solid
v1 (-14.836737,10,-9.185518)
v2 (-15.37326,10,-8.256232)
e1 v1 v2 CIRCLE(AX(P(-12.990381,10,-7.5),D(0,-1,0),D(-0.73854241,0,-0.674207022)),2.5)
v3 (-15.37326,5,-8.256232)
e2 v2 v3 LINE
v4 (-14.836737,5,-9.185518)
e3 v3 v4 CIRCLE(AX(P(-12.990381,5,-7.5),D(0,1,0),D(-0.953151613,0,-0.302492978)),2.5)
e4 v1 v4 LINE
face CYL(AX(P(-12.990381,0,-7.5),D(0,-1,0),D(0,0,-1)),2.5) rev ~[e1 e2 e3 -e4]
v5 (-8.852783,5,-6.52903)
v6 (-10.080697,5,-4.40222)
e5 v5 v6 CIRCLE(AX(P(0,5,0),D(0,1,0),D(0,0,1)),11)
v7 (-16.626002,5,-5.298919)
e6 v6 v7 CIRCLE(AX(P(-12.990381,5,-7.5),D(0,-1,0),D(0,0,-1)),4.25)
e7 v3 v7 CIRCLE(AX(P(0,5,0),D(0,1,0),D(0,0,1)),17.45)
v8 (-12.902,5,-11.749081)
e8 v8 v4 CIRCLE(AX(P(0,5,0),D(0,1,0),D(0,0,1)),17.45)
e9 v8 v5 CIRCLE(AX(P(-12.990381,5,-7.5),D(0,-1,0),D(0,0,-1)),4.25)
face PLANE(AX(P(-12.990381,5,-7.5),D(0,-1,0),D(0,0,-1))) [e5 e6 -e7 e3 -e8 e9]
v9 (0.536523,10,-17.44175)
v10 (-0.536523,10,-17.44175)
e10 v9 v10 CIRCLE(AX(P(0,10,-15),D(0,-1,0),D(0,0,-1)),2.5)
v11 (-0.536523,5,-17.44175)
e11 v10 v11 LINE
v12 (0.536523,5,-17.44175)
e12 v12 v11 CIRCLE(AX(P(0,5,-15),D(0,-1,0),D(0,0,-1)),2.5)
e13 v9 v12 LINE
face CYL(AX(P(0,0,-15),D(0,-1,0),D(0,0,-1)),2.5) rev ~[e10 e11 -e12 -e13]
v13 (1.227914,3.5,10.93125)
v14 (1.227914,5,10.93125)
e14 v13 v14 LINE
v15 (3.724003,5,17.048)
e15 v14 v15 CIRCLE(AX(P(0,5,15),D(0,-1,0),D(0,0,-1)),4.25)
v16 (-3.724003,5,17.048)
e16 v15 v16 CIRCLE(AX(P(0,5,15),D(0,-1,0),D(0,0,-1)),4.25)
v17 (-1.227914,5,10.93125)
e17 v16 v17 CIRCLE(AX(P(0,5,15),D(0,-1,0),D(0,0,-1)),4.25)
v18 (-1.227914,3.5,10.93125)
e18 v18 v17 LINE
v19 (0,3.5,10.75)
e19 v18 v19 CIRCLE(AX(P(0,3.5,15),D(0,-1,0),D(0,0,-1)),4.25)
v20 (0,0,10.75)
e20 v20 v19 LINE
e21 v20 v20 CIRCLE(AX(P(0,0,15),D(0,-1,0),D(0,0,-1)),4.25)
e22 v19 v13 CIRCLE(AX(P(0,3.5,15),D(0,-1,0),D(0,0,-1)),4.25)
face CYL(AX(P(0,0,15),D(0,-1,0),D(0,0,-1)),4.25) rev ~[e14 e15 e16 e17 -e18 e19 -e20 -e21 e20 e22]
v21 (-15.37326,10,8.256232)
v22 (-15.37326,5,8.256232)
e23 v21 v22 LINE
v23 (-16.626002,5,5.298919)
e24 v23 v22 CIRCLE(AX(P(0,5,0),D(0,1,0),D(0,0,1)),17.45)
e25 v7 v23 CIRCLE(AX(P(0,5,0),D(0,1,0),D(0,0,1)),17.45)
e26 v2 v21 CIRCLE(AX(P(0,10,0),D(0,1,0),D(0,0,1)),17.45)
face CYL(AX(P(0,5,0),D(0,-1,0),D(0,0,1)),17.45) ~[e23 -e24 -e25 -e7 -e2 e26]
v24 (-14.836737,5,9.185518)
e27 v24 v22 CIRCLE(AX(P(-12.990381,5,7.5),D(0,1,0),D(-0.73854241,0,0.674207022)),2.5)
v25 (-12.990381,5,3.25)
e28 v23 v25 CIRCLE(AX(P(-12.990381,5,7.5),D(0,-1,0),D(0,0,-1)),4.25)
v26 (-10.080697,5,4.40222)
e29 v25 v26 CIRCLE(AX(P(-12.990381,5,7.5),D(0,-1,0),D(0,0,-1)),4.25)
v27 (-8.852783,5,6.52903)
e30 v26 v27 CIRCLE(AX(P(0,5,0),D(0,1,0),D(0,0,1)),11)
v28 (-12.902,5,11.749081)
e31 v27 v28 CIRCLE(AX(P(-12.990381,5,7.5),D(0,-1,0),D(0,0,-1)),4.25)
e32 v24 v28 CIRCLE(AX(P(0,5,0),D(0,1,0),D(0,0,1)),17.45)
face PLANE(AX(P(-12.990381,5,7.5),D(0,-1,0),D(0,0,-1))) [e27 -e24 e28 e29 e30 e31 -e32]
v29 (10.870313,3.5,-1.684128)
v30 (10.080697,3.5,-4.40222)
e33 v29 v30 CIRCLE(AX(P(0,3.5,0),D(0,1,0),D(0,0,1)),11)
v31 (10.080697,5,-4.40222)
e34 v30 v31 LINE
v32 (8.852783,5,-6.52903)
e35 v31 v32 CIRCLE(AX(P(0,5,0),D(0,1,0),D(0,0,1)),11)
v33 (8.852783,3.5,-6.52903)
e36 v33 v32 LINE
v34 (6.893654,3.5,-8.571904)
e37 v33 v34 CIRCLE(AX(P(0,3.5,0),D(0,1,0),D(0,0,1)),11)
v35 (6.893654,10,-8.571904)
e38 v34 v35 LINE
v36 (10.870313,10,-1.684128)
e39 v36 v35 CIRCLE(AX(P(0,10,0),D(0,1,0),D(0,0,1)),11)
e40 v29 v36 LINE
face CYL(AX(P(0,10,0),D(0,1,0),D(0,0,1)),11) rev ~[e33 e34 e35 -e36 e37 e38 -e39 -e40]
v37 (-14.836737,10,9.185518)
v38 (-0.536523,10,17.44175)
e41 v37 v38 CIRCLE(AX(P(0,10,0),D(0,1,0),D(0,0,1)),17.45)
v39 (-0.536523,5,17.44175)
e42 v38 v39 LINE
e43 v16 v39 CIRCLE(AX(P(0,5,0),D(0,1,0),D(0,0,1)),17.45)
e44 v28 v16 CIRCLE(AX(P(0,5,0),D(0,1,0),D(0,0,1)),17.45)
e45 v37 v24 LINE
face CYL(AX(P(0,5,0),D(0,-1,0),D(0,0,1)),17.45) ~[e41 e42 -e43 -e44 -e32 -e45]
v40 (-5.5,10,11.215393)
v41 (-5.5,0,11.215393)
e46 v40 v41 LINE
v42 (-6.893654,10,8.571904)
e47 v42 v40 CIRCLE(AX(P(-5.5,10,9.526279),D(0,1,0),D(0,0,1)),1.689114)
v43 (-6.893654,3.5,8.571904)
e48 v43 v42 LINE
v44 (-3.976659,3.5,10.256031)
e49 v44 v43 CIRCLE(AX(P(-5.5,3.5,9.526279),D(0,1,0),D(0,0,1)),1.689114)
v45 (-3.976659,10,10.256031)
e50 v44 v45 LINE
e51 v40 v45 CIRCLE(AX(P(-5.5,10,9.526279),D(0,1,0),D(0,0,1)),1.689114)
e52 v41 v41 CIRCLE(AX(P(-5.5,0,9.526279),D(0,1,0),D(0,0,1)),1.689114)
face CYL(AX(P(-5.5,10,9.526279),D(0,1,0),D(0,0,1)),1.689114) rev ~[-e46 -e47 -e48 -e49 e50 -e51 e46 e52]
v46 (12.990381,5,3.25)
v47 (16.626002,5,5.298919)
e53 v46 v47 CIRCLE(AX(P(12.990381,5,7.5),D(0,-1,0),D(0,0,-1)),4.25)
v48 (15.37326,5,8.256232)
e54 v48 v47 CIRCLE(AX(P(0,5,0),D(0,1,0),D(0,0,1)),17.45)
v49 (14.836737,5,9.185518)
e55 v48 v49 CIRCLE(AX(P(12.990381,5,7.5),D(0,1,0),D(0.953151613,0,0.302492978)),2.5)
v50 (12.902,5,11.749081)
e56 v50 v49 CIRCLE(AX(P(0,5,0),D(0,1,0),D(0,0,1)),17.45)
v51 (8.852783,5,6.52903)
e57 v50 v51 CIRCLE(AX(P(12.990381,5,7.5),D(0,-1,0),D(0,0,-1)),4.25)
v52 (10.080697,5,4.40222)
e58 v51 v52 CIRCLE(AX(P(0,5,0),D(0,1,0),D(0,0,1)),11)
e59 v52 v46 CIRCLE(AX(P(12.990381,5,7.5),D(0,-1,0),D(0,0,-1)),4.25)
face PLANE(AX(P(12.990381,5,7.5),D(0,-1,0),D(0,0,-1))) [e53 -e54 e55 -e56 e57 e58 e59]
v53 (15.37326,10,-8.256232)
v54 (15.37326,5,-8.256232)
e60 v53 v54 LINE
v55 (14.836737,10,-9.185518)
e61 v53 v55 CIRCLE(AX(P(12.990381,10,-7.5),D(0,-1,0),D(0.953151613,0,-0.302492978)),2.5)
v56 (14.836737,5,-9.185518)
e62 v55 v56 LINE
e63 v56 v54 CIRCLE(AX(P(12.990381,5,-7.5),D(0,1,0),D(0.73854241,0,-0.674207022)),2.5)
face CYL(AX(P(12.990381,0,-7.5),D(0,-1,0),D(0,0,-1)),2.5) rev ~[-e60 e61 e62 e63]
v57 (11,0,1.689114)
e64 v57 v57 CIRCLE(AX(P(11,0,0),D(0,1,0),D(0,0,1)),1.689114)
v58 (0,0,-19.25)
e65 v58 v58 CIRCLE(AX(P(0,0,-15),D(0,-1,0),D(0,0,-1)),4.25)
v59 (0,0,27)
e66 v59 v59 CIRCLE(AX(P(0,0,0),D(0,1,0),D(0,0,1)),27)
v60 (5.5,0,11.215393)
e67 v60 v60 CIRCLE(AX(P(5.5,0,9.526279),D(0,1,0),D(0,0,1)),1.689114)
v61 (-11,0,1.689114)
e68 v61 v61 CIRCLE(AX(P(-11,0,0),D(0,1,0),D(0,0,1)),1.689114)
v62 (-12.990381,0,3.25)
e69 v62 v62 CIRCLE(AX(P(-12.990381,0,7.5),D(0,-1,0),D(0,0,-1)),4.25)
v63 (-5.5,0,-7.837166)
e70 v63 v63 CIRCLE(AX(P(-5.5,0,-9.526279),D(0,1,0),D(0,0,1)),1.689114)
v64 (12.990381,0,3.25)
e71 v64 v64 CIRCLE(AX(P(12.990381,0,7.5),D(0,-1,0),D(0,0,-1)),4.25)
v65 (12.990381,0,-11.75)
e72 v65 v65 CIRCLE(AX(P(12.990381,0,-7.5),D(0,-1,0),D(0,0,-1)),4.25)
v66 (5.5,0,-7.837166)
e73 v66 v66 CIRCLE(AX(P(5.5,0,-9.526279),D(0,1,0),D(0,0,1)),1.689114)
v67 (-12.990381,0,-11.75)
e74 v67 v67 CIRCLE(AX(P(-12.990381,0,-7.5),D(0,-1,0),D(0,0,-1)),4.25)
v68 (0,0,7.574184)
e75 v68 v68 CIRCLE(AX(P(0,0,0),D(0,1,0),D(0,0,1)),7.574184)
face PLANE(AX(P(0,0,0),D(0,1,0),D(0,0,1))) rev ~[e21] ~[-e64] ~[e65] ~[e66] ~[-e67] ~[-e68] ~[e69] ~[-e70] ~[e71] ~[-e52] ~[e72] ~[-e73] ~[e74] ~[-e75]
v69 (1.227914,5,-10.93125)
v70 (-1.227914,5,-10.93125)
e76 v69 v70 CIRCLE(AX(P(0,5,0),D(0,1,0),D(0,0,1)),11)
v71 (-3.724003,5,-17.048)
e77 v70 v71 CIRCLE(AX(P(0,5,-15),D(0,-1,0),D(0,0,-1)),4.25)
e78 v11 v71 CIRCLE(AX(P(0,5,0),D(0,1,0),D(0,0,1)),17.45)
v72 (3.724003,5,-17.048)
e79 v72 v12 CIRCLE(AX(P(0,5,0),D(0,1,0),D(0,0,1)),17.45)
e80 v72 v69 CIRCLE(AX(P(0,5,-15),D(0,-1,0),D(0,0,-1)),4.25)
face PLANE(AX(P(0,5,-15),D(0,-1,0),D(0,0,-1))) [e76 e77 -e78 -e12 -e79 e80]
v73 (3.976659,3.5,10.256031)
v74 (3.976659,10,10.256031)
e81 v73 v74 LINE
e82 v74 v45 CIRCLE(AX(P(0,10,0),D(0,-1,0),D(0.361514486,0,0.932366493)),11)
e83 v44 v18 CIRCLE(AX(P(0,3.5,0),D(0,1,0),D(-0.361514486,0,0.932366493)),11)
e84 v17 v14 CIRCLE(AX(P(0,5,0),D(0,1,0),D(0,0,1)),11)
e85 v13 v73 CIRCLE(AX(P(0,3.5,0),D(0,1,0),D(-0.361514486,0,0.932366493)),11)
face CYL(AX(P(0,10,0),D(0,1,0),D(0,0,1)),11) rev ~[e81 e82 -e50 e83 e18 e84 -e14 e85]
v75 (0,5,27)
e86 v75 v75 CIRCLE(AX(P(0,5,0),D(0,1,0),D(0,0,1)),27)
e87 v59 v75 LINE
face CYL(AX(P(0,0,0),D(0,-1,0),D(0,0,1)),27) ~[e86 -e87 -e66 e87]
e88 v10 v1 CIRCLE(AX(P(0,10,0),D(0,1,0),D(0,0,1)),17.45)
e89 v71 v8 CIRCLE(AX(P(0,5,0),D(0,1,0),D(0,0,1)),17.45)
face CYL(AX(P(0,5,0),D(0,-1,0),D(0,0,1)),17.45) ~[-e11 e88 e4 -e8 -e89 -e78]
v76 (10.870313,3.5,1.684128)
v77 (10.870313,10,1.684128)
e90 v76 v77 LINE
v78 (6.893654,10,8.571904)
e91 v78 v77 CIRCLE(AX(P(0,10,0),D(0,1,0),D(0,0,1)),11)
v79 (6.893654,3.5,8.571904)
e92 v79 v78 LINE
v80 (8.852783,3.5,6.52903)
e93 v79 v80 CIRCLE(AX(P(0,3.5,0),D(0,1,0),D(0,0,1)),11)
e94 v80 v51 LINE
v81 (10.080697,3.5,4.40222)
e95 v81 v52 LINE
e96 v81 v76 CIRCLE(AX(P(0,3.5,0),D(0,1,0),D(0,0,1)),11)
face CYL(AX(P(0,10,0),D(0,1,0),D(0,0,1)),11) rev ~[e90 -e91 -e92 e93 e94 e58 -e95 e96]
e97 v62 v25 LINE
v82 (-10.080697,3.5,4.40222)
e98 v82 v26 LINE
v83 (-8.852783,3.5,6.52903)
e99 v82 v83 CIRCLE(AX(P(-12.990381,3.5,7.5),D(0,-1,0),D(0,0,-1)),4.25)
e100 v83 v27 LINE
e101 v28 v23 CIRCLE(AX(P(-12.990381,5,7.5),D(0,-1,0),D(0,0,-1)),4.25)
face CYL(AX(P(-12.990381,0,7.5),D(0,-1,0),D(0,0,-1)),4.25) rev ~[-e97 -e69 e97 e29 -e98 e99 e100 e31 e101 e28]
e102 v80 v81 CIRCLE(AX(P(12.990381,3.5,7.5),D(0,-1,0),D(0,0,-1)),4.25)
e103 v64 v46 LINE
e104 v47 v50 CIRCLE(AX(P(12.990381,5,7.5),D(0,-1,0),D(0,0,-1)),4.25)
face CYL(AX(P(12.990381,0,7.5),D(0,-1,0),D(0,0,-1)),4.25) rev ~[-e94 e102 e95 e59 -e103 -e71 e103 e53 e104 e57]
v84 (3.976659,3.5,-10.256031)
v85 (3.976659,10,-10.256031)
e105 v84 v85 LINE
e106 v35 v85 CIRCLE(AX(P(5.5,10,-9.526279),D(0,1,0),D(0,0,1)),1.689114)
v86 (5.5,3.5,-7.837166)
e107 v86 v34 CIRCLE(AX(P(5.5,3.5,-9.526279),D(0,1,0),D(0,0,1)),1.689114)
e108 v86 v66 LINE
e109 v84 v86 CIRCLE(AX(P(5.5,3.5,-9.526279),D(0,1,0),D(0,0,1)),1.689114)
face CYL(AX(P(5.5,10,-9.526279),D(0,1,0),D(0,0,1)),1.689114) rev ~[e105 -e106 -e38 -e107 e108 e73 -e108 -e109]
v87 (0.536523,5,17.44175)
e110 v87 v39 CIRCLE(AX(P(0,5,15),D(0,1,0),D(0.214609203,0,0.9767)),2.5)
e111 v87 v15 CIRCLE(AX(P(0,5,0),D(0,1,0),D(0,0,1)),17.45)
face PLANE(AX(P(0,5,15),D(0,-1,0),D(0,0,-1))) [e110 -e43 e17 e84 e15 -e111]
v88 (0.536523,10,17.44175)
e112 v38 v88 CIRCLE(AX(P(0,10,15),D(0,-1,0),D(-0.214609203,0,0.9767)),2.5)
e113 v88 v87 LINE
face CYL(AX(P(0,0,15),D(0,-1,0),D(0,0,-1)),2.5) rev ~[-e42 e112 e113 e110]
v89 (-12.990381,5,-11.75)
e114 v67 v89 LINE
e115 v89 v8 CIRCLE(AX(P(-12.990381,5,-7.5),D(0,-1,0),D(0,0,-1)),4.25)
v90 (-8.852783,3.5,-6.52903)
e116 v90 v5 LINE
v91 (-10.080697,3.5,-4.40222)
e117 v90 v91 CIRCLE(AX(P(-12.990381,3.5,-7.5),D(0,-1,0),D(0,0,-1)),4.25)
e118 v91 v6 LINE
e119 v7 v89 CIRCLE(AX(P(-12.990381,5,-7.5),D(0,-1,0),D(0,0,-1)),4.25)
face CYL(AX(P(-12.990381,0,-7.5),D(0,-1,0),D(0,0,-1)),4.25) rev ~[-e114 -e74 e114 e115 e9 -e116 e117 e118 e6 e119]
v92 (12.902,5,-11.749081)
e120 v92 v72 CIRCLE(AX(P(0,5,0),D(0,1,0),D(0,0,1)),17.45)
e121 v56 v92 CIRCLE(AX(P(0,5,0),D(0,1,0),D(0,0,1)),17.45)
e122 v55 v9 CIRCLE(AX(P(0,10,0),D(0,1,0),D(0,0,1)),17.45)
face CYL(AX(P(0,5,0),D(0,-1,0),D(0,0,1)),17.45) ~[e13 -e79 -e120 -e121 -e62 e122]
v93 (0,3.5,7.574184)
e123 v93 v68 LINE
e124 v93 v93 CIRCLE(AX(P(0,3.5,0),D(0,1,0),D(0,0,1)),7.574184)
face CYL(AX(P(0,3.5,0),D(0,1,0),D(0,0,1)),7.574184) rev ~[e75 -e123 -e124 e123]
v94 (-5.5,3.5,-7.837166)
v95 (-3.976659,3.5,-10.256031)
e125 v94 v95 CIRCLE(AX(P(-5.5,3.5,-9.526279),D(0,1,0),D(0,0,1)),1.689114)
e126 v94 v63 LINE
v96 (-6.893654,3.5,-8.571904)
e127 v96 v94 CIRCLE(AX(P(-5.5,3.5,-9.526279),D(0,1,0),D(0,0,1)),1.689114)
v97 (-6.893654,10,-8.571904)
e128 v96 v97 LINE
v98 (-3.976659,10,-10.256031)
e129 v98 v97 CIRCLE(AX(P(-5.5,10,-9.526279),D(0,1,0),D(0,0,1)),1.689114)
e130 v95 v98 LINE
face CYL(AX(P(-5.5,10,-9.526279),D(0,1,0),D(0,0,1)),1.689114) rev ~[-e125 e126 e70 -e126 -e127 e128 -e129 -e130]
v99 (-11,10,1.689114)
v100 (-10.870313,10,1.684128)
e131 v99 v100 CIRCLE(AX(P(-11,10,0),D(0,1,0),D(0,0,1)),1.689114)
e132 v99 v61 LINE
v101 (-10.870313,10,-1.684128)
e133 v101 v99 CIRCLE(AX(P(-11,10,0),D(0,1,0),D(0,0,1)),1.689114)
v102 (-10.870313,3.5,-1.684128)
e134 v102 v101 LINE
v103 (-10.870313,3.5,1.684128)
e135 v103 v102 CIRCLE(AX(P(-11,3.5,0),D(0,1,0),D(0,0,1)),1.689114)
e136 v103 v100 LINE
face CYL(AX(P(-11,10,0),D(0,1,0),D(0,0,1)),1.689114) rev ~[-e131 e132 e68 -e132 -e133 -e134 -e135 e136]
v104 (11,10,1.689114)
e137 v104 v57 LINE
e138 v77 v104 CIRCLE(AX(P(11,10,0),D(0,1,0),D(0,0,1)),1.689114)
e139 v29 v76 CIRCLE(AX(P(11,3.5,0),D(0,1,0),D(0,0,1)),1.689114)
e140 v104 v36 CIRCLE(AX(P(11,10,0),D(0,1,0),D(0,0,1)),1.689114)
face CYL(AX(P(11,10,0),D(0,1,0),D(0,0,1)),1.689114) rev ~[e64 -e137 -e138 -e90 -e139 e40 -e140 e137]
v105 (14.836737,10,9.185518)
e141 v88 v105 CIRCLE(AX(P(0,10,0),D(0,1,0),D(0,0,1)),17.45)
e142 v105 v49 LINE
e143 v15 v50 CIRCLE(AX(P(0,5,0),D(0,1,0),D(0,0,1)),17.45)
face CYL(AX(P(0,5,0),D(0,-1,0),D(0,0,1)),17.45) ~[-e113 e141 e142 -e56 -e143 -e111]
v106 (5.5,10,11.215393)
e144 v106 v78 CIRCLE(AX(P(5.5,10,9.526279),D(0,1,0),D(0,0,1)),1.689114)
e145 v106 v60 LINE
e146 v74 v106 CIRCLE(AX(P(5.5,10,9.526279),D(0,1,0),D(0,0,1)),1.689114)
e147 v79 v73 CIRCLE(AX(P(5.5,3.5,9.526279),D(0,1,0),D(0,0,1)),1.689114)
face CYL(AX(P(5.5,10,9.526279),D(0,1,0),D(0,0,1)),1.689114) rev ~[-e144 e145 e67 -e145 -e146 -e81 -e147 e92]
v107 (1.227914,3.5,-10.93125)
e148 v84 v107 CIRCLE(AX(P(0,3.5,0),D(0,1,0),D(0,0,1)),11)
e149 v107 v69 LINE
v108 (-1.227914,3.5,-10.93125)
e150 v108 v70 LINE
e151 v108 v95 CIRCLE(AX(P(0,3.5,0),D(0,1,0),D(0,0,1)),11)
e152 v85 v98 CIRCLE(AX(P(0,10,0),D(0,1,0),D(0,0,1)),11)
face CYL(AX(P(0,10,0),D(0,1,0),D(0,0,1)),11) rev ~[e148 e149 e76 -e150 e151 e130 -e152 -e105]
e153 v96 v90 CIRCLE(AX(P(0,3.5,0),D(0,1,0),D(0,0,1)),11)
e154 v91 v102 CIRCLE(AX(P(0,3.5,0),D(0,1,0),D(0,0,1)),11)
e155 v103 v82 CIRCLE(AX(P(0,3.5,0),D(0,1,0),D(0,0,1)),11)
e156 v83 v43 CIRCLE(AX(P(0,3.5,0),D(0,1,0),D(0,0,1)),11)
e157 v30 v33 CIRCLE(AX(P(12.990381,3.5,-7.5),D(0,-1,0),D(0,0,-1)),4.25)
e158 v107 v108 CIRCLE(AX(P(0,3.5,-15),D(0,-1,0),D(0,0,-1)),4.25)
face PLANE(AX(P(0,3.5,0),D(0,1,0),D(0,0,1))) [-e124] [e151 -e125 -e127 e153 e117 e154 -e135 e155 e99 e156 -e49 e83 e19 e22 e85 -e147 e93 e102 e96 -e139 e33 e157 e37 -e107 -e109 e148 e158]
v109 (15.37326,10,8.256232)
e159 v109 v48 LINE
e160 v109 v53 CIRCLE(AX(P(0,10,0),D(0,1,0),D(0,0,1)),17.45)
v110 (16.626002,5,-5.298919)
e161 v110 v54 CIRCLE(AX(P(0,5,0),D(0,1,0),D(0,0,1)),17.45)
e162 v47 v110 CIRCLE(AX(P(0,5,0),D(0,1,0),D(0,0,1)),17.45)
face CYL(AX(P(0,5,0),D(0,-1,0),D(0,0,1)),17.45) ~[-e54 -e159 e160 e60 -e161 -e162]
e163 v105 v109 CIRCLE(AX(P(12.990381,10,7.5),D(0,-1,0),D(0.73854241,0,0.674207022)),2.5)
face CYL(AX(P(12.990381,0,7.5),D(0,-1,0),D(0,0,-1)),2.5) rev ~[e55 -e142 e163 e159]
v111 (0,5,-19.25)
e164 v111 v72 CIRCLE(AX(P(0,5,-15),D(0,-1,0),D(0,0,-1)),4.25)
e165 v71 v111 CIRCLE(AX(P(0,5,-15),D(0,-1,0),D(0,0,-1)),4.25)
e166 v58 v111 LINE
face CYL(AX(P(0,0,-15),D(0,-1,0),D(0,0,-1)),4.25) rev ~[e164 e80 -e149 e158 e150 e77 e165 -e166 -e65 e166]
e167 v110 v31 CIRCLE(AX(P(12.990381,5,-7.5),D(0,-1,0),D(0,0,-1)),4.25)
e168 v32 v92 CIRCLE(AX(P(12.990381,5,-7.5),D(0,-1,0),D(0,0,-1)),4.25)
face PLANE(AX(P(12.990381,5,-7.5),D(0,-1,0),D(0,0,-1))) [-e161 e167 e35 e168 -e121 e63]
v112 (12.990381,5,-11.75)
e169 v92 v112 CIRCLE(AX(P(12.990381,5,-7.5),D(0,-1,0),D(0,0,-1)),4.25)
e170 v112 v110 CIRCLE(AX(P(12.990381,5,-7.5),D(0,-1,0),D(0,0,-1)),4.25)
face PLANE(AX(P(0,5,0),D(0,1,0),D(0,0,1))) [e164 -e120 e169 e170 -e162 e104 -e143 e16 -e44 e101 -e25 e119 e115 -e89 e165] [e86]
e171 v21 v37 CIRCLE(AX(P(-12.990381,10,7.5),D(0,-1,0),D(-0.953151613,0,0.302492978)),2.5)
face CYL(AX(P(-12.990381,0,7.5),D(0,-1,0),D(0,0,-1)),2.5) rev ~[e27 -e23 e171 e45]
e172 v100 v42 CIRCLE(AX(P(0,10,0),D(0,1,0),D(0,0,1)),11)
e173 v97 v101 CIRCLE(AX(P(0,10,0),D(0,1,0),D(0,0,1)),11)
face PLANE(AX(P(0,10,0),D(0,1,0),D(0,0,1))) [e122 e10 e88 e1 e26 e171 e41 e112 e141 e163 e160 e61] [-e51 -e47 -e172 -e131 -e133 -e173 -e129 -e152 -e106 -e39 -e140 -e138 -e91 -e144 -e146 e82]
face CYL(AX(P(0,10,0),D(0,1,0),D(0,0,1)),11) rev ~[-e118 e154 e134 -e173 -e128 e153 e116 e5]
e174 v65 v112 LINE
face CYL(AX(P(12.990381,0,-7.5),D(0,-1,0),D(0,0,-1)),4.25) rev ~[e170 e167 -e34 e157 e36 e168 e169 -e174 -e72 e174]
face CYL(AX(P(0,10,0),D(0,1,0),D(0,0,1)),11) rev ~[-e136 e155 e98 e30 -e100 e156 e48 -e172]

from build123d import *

# Parameters (mm, degrees)
SKETCH1_R           = 27
BOSS_EXTRUDE1_DEPTH = 5
SKETCH2_R           = 17.45
BOSS_EXTRUDE2_DEPTH = 5
SKETCH3_R           = 2.5
CUT_EXTRUDE1_DEPTH  = 15
SKETCH5_R           = 11
CUT_EXTRUDE2_DEPTH  = 6.5
SKETCH6_R           = 1.689113582
CUT_EXTRUDE3_DEPTH  = 36.5
SKETCH7_R           = 5
CUT_EXTRUDE4_DEPTH  = 36.5
SKETCH8_R           = 4.25
CUT_EXTRUDE5_DEPTH  = 5
CUT_EXTRUDE6_REACH  = 40.733
SKETCH10_R          = 7.574183751


with BuildPart() as part:
    # Sketch1 → Boss-Extrude1 (new body)
    with BuildSketch(Plane(origin=(0, 0, 0), x_dir=(1, 0, 0), z_dir=(0, 1, 0))):
        with Locations(Location((0, 0, 0), (0, 0, 270))):
            Circle(SKETCH1_R)
    extrude(amount=BOSS_EXTRUDE1_DEPTH)

    # Sketch2 → Boss-Extrude2 (add)
    with BuildSketch(Plane(origin=(0, 5, 0), x_dir=(1, 0, 0), z_dir=(0, 1, 0))):
        with Locations(Location((0, 0, 0), (0, 0, 270))):
            Circle(SKETCH2_R)
    extrude(amount=BOSS_EXTRUDE2_DEPTH)

    # Sketch3 → Cut-Extrude1 (cut)
    with BuildSketch(Plane.XZ):
        with Locations(Location((0, 15, 0), (0, 0, 270))):
            Circle(SKETCH3_R)
        with Locations(Location((12.990381057, 7.5, 0), (0, 0, 270))):
            Circle(SKETCH3_R)
        with Locations(Location((12.990381057, -7.5, 0), (0, 0, 270))):
            Circle(SKETCH3_R)
        with Locations(Location((0, -15, 0), (0, 0, 270))):
            Circle(SKETCH3_R)
        with Locations(Location((-12.990381057, -7.5, 0), (0, 0, 270))):
            Circle(SKETCH3_R)
        with Locations(Location((-12.990381057, 7.5, 0), (0, 0, 270))):
            Circle(SKETCH3_R)
    extrude(amount=-CUT_EXTRUDE1_DEPTH, mode=Mode.SUBTRACT)

    # Sketch5 → Cut-Extrude2 (cut)
    with BuildSketch(Plane(origin=(0, 10, 0), x_dir=(1, 0, 0), z_dir=(0, 1, 0))):
        with Locations(Location((0, 0, 0), (0, 0, 270))):
            Circle(SKETCH5_R)
    extrude(amount=-CUT_EXTRUDE2_DEPTH, mode=Mode.SUBTRACT)

    # Sketch6 → Cut-Extrude3 (cut)
    with BuildSketch(Plane(origin=(0, 10, 0), x_dir=(1, 0, 0), z_dir=(0, 1, 0))):
        with Locations(Location((-11, 0, 0), (0, 0, 270))):
            Circle(SKETCH6_R)
        with Locations(Location((-5.5, 9.526279442, 0), (0, 0, 270))):
            Circle(SKETCH6_R)
        with Locations(Location((5.5, 9.526279442, 0), (0, 0, 270))):
            Circle(SKETCH6_R)
        with Locations(Location((11, 0, 0), (0, 0, 270))):
            Circle(SKETCH6_R)
        with Locations(Location((5.5, -9.526279442, 0), (0, 0, 270))):
            Circle(SKETCH6_R)
        with Locations(Location((-5.5, -9.526279442, 0), (0, 0, 270))):
            Circle(SKETCH6_R)
    extrude(amount=-CUT_EXTRUDE3_DEPTH, mode=Mode.SUBTRACT)

    # Sketch7 → Cut-Extrude4 (cut)
    with BuildSketch(Plane(origin=(0, 3.5, 0), x_dir=(1, 0, 0), z_dir=(0, 1, 0))):
        with Locations(Location((0, 0, 0), (0, 0, 270))):
            Circle(SKETCH7_R)
    extrude(amount=-CUT_EXTRUDE4_DEPTH, mode=Mode.SUBTRACT)

    # Sketch8 → Cut-Extrude5 (cut)
    with BuildSketch(Plane.XZ):
        with Locations(Location((0, 15, 0), (0, 0, 270))):
            Circle(SKETCH8_R)
        with Locations(Location((12.990381057, 7.5, 0), (0, 0, 270))):
            Circle(SKETCH8_R)
        with Locations(Location((12.990381057, -7.5, 0), (0, 0, 270))):
            Circle(SKETCH8_R)
        with Locations(Location((0, -15, 0), (0, 0, 270))):
            Circle(SKETCH8_R)
        with Locations(Location((-12.990381057, -7.5, 0), (0, 0, 270))):
            Circle(SKETCH8_R)
        with Locations(Location((-12.990381057, 7.5, 0), (0, 0, 270))):
            Circle(SKETCH8_R)
    extrude(amount=-CUT_EXTRUDE5_DEPTH, mode=Mode.SUBTRACT)

    # Sketch10 → Cut-Extrude6 (cut, up to next)
    with BuildSketch(Plane(origin=(0, 3.5, 0), x_dir=(1, 0, 0), z_dir=(0, 1, 0)), mode=Mode.PRIVATE) as cut_extrude6_sk1:
        with Locations(Location((0, 0, 0), (0, 0, 270))):
            Circle(SKETCH10_R)
    cut_extrude6_tool1 = extrude(cut_extrude6_sk1.sketch, amount=-CUT_EXTRUDE6_REACH, mode=Mode.PRIVATE) & part.part
    add(cut_extrude6_tool1.solids().sort_by_distance((0, 3.5, 0))[0], mode=Mode.SUBTRACT)


solid = part.part
